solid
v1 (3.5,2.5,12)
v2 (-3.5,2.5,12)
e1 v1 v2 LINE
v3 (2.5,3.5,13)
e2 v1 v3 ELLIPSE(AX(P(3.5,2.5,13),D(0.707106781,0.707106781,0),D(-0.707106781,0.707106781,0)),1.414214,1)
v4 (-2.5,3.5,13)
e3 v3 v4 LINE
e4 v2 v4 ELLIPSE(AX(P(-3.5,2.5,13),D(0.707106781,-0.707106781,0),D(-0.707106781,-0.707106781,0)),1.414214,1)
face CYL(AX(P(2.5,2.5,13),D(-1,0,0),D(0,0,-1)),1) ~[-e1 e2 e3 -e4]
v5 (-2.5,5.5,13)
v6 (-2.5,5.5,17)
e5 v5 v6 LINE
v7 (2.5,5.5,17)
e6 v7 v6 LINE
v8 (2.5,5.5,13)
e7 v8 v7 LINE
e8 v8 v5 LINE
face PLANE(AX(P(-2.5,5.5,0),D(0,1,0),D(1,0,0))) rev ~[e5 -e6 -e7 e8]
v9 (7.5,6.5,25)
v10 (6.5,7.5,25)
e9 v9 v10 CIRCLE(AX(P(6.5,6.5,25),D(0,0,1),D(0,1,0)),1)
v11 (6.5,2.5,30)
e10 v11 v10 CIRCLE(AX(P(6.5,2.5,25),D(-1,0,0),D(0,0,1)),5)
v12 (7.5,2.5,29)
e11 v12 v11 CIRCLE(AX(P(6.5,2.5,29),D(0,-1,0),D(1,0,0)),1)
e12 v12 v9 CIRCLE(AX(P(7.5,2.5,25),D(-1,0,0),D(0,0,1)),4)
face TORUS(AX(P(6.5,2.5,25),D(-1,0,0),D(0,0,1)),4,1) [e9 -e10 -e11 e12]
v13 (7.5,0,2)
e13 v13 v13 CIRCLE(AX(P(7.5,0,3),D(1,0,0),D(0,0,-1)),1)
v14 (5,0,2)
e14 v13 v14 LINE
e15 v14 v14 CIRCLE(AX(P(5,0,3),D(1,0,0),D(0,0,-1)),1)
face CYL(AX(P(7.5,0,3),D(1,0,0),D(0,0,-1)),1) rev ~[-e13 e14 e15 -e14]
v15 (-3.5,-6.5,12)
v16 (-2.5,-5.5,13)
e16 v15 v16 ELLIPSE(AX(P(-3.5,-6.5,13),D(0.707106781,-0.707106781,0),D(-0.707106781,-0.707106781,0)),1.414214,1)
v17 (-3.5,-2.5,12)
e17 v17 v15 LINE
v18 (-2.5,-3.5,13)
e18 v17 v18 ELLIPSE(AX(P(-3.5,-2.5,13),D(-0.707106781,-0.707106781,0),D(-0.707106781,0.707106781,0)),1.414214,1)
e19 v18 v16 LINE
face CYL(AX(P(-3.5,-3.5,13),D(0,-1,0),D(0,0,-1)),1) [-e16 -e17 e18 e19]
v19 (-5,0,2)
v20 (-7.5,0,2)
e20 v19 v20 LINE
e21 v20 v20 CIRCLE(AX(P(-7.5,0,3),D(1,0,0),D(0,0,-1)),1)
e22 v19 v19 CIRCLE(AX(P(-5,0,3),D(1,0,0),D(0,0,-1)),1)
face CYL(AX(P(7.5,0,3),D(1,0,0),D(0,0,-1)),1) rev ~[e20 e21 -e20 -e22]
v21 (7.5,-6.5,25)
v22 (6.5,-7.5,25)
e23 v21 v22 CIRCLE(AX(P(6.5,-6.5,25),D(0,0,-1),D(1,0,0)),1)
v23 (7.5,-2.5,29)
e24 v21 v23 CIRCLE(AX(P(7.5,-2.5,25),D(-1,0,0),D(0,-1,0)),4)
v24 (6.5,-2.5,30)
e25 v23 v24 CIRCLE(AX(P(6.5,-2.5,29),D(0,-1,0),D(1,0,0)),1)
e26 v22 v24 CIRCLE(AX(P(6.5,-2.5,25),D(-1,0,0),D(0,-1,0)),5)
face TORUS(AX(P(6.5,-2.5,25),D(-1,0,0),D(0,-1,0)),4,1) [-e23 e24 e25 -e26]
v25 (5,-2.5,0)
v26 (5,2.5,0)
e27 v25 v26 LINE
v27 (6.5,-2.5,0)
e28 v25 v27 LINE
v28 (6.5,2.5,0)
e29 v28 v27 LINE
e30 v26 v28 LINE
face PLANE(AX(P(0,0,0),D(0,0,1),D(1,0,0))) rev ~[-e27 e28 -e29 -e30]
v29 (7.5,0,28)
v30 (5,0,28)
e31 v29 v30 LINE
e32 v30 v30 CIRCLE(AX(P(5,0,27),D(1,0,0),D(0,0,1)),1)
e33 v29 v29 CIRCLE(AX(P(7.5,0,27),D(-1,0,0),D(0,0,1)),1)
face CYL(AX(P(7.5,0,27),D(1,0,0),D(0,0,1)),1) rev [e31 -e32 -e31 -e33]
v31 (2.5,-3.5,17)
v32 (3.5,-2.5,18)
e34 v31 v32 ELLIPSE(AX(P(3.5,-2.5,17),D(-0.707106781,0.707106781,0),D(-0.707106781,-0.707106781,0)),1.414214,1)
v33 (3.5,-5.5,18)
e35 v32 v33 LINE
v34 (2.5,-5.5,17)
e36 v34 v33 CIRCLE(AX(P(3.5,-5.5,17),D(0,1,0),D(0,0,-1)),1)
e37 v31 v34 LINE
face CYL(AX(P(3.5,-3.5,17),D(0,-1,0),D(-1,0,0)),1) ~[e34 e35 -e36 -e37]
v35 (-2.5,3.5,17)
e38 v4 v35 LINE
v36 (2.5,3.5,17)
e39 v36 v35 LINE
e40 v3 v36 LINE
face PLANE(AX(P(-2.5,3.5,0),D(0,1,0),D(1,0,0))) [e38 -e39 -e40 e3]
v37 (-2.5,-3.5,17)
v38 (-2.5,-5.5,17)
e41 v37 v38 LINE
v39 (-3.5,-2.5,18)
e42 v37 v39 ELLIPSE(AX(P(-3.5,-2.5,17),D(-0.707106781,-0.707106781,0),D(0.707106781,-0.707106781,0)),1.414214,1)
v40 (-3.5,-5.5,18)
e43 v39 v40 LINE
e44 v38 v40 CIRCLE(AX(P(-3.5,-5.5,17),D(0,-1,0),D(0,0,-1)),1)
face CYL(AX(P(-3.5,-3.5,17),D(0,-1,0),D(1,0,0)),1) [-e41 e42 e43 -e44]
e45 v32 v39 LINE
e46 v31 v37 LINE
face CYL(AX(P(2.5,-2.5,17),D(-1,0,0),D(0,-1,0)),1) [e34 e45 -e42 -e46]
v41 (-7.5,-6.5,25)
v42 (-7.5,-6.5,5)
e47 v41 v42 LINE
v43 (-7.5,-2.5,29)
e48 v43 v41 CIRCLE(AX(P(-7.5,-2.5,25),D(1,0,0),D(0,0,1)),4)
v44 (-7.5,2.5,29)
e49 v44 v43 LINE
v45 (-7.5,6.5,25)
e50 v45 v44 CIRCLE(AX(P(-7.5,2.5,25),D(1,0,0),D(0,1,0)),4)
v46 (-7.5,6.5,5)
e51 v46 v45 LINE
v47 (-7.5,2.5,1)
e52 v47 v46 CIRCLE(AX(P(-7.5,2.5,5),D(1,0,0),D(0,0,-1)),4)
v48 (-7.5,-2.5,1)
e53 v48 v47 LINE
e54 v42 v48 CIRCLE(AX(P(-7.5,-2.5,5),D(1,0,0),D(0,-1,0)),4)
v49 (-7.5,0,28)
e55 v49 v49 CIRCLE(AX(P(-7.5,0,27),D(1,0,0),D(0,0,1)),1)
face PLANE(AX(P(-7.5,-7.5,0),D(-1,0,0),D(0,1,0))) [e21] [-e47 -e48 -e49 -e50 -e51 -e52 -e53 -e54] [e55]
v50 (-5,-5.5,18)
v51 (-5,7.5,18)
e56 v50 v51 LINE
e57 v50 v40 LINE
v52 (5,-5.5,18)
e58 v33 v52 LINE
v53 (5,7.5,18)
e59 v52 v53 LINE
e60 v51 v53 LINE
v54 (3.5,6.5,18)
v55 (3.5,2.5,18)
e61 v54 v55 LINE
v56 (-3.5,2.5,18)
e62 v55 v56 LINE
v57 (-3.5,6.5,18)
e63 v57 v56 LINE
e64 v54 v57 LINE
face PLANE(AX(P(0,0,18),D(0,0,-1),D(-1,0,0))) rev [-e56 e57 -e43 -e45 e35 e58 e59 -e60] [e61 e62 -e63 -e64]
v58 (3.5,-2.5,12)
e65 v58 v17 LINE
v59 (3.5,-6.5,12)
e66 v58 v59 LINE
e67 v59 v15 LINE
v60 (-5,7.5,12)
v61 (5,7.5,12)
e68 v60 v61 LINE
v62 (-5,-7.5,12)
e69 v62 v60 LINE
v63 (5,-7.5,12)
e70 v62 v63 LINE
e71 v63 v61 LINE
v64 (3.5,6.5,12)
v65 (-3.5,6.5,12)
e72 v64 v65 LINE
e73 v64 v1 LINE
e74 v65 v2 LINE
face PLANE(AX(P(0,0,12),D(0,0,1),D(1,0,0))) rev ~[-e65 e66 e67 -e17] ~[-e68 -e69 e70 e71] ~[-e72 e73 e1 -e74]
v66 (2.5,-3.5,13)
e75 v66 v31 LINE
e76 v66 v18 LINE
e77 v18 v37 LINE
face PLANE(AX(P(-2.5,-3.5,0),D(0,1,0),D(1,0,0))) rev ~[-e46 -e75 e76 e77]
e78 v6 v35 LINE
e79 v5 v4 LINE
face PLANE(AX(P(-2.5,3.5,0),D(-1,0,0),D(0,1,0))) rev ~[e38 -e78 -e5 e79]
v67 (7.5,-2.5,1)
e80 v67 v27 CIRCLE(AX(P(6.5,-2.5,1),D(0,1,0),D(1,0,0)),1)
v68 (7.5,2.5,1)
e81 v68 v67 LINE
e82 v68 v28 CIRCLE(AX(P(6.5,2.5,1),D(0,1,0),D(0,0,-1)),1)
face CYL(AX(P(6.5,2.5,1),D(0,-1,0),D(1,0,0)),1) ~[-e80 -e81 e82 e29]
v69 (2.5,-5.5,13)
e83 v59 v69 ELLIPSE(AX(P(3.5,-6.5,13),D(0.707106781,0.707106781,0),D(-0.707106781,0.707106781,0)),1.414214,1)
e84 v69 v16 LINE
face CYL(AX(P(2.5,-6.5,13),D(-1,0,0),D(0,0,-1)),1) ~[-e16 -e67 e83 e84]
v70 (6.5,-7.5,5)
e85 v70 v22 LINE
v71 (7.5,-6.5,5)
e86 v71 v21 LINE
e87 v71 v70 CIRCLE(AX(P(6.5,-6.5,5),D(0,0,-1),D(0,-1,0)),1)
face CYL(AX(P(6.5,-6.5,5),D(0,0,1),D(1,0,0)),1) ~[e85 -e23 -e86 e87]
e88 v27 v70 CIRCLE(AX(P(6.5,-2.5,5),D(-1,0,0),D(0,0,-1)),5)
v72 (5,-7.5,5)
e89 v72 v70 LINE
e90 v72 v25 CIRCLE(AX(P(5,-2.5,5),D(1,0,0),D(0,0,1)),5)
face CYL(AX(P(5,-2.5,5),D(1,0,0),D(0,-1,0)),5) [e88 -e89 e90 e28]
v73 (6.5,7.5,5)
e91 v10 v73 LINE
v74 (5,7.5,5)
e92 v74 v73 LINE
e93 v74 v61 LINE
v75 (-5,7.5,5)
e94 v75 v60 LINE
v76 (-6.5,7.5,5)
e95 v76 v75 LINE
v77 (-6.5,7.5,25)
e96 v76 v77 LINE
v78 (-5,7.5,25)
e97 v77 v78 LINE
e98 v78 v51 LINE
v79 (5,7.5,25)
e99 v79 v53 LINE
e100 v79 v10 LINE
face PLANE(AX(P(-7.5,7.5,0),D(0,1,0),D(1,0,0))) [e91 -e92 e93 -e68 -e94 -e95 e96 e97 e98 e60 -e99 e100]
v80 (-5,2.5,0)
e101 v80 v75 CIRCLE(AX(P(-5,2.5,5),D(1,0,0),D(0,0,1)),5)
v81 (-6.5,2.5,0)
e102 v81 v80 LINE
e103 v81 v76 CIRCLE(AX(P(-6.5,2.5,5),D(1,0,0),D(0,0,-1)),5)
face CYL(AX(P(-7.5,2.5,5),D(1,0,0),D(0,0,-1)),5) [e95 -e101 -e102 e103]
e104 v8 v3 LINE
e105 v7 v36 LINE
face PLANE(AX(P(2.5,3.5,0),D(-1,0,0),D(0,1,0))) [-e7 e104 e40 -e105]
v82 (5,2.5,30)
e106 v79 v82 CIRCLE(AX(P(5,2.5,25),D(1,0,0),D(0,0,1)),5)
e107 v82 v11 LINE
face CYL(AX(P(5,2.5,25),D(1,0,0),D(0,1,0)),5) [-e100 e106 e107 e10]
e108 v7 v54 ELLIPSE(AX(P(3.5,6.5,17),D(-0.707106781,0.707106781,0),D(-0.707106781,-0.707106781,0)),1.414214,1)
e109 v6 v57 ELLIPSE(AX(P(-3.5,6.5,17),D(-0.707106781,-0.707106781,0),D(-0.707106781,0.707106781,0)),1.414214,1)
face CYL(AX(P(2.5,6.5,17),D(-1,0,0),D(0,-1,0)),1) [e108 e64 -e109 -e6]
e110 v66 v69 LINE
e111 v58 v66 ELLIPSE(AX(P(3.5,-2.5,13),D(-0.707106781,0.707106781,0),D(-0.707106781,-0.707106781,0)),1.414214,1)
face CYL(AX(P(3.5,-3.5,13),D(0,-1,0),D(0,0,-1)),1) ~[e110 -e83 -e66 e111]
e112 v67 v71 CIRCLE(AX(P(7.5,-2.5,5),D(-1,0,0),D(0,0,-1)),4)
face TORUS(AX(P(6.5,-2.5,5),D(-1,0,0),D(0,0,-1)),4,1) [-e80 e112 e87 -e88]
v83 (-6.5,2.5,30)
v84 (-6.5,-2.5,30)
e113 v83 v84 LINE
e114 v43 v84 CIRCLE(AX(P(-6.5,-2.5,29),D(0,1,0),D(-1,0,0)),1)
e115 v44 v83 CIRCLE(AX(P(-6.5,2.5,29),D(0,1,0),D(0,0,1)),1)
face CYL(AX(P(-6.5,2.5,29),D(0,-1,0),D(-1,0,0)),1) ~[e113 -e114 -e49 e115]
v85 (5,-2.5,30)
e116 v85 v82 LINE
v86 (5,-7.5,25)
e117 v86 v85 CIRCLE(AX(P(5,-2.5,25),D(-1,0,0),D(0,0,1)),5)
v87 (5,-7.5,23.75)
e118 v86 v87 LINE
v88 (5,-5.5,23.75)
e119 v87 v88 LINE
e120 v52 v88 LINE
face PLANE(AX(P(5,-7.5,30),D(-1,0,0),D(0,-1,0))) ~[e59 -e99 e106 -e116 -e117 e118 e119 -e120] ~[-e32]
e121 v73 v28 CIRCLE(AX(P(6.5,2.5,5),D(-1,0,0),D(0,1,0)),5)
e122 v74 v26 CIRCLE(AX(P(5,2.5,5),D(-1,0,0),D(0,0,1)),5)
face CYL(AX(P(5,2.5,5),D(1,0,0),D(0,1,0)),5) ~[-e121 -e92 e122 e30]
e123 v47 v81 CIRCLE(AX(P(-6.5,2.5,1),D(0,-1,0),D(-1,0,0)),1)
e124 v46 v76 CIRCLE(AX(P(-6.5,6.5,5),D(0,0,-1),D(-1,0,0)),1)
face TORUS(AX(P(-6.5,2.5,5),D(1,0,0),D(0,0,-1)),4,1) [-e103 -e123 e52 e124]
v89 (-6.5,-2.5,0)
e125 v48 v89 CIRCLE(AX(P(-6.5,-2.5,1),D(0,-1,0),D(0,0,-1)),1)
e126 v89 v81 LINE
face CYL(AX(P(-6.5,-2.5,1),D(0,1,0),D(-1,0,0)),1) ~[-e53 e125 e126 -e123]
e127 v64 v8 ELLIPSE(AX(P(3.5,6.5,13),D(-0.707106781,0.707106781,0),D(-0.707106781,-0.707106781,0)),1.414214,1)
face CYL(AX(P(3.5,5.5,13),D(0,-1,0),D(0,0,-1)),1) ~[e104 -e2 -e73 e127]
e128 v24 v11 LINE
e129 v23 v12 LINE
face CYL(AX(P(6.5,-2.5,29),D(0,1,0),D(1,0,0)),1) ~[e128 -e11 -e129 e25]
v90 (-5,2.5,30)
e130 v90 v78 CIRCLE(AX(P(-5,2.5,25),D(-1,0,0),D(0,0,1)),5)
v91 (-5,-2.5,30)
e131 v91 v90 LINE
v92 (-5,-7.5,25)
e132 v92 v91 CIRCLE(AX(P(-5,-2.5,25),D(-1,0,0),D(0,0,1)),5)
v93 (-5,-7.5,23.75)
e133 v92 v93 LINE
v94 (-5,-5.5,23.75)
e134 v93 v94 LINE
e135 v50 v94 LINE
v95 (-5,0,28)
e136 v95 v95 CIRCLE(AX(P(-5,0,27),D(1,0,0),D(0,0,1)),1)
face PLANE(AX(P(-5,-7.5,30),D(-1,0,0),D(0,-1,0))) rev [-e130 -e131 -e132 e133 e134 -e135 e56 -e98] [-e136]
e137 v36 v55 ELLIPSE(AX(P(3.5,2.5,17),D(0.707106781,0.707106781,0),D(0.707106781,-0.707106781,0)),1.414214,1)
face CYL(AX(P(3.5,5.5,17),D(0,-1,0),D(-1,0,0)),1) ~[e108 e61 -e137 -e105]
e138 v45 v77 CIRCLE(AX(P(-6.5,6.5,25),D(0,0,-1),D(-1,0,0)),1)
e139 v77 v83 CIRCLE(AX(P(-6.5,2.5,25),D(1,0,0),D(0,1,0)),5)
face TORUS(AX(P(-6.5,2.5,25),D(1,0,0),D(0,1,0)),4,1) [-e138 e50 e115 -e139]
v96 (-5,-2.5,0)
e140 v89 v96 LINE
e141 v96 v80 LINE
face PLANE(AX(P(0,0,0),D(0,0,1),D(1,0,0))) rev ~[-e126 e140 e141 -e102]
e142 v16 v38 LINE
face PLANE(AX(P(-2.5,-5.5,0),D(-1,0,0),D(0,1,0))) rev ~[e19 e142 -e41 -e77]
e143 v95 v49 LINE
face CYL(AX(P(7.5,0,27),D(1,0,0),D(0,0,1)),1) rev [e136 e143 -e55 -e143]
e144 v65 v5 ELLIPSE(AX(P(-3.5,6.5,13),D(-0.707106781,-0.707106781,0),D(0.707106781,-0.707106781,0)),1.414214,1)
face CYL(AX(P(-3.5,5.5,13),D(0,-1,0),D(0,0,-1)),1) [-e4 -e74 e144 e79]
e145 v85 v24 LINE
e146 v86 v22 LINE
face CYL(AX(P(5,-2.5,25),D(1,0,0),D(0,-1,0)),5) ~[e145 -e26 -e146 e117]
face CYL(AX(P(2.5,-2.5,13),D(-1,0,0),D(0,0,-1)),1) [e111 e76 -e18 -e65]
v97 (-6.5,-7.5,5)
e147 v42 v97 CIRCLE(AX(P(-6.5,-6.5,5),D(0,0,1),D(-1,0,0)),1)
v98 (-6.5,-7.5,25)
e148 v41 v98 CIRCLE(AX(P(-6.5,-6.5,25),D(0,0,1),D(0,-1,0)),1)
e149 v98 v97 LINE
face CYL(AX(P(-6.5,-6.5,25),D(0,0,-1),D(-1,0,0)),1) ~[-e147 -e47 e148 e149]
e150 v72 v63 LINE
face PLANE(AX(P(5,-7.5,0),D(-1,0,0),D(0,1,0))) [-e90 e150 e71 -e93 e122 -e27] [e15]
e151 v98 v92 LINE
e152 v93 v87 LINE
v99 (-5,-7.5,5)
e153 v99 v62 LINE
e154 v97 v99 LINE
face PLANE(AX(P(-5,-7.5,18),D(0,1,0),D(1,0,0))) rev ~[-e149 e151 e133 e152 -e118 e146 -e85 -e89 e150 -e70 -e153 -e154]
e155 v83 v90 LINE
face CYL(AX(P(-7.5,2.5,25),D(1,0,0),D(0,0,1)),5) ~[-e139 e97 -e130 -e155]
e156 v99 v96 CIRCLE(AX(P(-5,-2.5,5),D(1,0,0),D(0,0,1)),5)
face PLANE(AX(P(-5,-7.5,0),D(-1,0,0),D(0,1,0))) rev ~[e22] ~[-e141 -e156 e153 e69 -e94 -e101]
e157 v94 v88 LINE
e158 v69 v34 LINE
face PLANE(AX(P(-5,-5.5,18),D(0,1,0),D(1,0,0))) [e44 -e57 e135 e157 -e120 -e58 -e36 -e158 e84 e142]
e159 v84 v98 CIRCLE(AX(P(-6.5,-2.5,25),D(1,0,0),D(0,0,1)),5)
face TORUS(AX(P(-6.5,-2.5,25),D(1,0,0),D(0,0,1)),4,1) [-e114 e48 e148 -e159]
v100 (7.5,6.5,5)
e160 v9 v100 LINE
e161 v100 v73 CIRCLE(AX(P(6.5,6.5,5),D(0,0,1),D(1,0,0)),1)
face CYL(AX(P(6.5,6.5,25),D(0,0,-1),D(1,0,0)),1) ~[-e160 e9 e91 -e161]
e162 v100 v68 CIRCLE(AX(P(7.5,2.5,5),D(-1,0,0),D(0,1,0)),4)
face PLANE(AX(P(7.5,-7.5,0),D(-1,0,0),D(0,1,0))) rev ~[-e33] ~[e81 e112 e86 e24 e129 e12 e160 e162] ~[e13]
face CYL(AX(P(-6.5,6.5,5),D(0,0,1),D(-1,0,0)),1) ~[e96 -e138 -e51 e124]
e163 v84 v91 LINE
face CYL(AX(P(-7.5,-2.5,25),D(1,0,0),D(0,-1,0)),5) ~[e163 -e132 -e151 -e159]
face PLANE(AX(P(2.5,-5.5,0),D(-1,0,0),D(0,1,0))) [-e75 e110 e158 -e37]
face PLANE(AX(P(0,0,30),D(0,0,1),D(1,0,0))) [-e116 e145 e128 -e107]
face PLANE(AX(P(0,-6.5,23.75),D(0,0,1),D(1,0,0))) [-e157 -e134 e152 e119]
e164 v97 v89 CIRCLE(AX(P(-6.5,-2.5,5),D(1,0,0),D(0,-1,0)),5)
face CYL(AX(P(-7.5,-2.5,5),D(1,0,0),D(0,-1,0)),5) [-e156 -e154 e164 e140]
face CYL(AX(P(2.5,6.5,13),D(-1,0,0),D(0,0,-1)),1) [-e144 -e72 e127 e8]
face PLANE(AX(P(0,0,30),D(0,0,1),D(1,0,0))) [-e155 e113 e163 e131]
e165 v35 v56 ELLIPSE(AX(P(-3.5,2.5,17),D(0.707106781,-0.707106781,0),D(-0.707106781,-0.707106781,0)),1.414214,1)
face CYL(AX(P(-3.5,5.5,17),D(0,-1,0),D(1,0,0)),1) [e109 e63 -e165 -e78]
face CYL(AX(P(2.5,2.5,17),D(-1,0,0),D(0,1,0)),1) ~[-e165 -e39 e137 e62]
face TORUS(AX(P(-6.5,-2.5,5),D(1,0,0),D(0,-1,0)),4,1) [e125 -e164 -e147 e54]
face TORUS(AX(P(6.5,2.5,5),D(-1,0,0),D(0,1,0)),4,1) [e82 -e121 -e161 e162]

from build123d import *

# Parameters (mm, degrees)
BOTTOM_SECTION_BASE_SKETCH_W     = 15
BOTTOM_SECTION_BASE_SKETCH_H     = 15
BOTTOM_SECTION_EXTRUDE_DEPTH     = 30
HINGE_CUTOUT_SKETCH_W            = 10
HINGE_CUTOUT_SKETCH_H            = 15
HINGE_CUTOUT_EXTRUDED_CUT_DEPTH  = 12
HINGE_HOLE_SKETCH_R              = 1
HINGE_HOLE_EXTRUDED_CUT_DEPTH    = 35.369317712
HINGER_CORNER_FILLETS_R          = 5
STYLE_FILLETS_R                  = 1
ROUTING_HOLES_SKETCH_W           = 5
ROUTING_HOLES_SKETCH_H           = 2
ROUTING_HOLES_EXTRUDED_CUT_DEPTH = 32.819805177
BACKING_SKETCH_W                 = 10
BACKING_SKETCH_H                 = 2
BACKING_EXTRUDE_DEPTH            = 5.75
ROUTING_FILLETS_R                = 1


with BuildPart() as part:
    # Bottom Section Base Sketch → Bottom Section Extrude (new body)
    with BuildSketch(Plane.XY):
        Rectangle(BOTTOM_SECTION_BASE_SKETCH_W, BOTTOM_SECTION_BASE_SKETCH_H)
    extrude(amount=BOTTOM_SECTION_EXTRUDE_DEPTH)

    # Hinge Cutout Sketch → Hinge Cutout Extruded Cut (cut)
    with BuildSketch(Plane.XY):
        Rectangle(HINGE_CUTOUT_SKETCH_W, HINGE_CUTOUT_SKETCH_H)
    hinge_cutout_extruded_cut = extrude(amount=HINGE_CUTOUT_EXTRUDED_CUT_DEPTH, mode=Mode.SUBTRACT)

    # Hinge Hole Sketch → Hinge Hole Extruded Cut (cut, through all)
    with BuildSketch(Plane(origin=(7.5, 0, 0), x_dir=(0, 0, -1), z_dir=(1, 0, 0))):
        with Locations((-3, 0)):
            Circle(HINGE_HOLE_SKETCH_R)
    hinge_hole_extruded_cut = extrude(amount=-HINGE_HOLE_EXTRUDED_CUT_DEPTH, mode=Mode.SUBTRACT)

    # Hinge and Hole Cutout Mirror: Hinge Cutout Extruded Cut, Hinge Hole Extruded Cut across plane
    add(hinge_cutout_extruded_cut.mirror(Plane.XY.offset(15)), mode=Mode.SUBTRACT)
    add(hinge_hole_extruded_cut.mirror(Plane.XY.offset(15)), mode=Mode.SUBTRACT)

    # Hinger Corner Fillets
    hinger_corner_fillets_edges = [part.edges().sort_by_distance(p)[0] for p in [
        (6.25, -7.5, 0),
        (-6.25, 7.5, 0),
        (-6.25, -7.5, 30),
        (-6.25, 7.5, 30),
        (6.25, -7.5, 30),
        (-6.25, -7.5, 0),
        (6.25, 7.5, 0),
        (6.25, 7.5, 30),
    ]]
    fillet(hinger_corner_fillets_edges, radius=HINGER_CORNER_FILLETS_R)

    # Style Fillets
    style_fillets_edges = [part.edges().sort_by_distance(p)[0] for p in [
        (7.5, 0, 30),
        (7.5, 7.5, 15),
        (-7.5, 7.5, 15),
        (7.5, 0, 0),
        (7.5, -7.5, 15),
        (7.5, 6.035533906, 1.464466094),
        (7.5, -6.035533906, 1.464466094),
        (7.5, -6.035533906, 28.535533906),
        (7.5, 6.035533906, 28.535533906),
        (-7.5, -7.5, 15),
        (-7.5, 0, 30),
        (-7.5, 0, 0),
        (-7.5, -6.035533906, 1.464466094),
        (-7.5, 6.035533906, 1.464466094),
        (-7.5, 6.035533906, 28.535533906),
        (-7.5, -6.035533906, 28.535533906),
    ]]
    fillet(style_fillets_edges, radius=STYLE_FILLETS_R)

    # Routing Holes Sketch → Routing Holes Extruded Cut (cut, through all)
    with BuildSketch(Plane.XY):
        with Locations((0, 4.5)):
            Rectangle(ROUTING_HOLES_SKETCH_W, ROUTING_HOLES_SKETCH_H)
        with Locations((0, -4.5)):
            Rectangle(ROUTING_HOLES_SKETCH_W, ROUTING_HOLES_SKETCH_H)
    extrude(amount=ROUTING_HOLES_EXTRUDED_CUT_DEPTH, mode=Mode.SUBTRACT)

    # Backing Sketch → Backing Extrude (add)
    with BuildSketch(Plane.XY.offset(18)):
        with Locations((0, -6.5)):
            Rectangle(BACKING_SKETCH_W, BACKING_SKETCH_H)
    extrude(amount=BACKING_EXTRUDE_DEPTH)

    # Routing Fillets
    routing_fillets_edges = [part.edges().sort_by_distance(p)[0] for p in [
        (-2.5, -4.5, 18),
        (0, -3.5, 18),
        (2.5, -4.5, 18),
        (0, 5.5, 18),
        (2.5, 4.5, 18),
        (0, 3.5, 18),
        (-2.5, 4.5, 18),
        (-2.5, 4.5, 12),
        (0, 3.5, 12),
        (2.5, 4.5, 12),
        (0, 5.5, 12),
        (0, -5.5, 12),
        (2.5, -4.5, 12),
        (0, -3.5, 12),
        (-2.5, -4.5, 12),
    ]]
    fillet(routing_fillets_edges, radius=ROUTING_FILLETS_R)


solid = part.part
